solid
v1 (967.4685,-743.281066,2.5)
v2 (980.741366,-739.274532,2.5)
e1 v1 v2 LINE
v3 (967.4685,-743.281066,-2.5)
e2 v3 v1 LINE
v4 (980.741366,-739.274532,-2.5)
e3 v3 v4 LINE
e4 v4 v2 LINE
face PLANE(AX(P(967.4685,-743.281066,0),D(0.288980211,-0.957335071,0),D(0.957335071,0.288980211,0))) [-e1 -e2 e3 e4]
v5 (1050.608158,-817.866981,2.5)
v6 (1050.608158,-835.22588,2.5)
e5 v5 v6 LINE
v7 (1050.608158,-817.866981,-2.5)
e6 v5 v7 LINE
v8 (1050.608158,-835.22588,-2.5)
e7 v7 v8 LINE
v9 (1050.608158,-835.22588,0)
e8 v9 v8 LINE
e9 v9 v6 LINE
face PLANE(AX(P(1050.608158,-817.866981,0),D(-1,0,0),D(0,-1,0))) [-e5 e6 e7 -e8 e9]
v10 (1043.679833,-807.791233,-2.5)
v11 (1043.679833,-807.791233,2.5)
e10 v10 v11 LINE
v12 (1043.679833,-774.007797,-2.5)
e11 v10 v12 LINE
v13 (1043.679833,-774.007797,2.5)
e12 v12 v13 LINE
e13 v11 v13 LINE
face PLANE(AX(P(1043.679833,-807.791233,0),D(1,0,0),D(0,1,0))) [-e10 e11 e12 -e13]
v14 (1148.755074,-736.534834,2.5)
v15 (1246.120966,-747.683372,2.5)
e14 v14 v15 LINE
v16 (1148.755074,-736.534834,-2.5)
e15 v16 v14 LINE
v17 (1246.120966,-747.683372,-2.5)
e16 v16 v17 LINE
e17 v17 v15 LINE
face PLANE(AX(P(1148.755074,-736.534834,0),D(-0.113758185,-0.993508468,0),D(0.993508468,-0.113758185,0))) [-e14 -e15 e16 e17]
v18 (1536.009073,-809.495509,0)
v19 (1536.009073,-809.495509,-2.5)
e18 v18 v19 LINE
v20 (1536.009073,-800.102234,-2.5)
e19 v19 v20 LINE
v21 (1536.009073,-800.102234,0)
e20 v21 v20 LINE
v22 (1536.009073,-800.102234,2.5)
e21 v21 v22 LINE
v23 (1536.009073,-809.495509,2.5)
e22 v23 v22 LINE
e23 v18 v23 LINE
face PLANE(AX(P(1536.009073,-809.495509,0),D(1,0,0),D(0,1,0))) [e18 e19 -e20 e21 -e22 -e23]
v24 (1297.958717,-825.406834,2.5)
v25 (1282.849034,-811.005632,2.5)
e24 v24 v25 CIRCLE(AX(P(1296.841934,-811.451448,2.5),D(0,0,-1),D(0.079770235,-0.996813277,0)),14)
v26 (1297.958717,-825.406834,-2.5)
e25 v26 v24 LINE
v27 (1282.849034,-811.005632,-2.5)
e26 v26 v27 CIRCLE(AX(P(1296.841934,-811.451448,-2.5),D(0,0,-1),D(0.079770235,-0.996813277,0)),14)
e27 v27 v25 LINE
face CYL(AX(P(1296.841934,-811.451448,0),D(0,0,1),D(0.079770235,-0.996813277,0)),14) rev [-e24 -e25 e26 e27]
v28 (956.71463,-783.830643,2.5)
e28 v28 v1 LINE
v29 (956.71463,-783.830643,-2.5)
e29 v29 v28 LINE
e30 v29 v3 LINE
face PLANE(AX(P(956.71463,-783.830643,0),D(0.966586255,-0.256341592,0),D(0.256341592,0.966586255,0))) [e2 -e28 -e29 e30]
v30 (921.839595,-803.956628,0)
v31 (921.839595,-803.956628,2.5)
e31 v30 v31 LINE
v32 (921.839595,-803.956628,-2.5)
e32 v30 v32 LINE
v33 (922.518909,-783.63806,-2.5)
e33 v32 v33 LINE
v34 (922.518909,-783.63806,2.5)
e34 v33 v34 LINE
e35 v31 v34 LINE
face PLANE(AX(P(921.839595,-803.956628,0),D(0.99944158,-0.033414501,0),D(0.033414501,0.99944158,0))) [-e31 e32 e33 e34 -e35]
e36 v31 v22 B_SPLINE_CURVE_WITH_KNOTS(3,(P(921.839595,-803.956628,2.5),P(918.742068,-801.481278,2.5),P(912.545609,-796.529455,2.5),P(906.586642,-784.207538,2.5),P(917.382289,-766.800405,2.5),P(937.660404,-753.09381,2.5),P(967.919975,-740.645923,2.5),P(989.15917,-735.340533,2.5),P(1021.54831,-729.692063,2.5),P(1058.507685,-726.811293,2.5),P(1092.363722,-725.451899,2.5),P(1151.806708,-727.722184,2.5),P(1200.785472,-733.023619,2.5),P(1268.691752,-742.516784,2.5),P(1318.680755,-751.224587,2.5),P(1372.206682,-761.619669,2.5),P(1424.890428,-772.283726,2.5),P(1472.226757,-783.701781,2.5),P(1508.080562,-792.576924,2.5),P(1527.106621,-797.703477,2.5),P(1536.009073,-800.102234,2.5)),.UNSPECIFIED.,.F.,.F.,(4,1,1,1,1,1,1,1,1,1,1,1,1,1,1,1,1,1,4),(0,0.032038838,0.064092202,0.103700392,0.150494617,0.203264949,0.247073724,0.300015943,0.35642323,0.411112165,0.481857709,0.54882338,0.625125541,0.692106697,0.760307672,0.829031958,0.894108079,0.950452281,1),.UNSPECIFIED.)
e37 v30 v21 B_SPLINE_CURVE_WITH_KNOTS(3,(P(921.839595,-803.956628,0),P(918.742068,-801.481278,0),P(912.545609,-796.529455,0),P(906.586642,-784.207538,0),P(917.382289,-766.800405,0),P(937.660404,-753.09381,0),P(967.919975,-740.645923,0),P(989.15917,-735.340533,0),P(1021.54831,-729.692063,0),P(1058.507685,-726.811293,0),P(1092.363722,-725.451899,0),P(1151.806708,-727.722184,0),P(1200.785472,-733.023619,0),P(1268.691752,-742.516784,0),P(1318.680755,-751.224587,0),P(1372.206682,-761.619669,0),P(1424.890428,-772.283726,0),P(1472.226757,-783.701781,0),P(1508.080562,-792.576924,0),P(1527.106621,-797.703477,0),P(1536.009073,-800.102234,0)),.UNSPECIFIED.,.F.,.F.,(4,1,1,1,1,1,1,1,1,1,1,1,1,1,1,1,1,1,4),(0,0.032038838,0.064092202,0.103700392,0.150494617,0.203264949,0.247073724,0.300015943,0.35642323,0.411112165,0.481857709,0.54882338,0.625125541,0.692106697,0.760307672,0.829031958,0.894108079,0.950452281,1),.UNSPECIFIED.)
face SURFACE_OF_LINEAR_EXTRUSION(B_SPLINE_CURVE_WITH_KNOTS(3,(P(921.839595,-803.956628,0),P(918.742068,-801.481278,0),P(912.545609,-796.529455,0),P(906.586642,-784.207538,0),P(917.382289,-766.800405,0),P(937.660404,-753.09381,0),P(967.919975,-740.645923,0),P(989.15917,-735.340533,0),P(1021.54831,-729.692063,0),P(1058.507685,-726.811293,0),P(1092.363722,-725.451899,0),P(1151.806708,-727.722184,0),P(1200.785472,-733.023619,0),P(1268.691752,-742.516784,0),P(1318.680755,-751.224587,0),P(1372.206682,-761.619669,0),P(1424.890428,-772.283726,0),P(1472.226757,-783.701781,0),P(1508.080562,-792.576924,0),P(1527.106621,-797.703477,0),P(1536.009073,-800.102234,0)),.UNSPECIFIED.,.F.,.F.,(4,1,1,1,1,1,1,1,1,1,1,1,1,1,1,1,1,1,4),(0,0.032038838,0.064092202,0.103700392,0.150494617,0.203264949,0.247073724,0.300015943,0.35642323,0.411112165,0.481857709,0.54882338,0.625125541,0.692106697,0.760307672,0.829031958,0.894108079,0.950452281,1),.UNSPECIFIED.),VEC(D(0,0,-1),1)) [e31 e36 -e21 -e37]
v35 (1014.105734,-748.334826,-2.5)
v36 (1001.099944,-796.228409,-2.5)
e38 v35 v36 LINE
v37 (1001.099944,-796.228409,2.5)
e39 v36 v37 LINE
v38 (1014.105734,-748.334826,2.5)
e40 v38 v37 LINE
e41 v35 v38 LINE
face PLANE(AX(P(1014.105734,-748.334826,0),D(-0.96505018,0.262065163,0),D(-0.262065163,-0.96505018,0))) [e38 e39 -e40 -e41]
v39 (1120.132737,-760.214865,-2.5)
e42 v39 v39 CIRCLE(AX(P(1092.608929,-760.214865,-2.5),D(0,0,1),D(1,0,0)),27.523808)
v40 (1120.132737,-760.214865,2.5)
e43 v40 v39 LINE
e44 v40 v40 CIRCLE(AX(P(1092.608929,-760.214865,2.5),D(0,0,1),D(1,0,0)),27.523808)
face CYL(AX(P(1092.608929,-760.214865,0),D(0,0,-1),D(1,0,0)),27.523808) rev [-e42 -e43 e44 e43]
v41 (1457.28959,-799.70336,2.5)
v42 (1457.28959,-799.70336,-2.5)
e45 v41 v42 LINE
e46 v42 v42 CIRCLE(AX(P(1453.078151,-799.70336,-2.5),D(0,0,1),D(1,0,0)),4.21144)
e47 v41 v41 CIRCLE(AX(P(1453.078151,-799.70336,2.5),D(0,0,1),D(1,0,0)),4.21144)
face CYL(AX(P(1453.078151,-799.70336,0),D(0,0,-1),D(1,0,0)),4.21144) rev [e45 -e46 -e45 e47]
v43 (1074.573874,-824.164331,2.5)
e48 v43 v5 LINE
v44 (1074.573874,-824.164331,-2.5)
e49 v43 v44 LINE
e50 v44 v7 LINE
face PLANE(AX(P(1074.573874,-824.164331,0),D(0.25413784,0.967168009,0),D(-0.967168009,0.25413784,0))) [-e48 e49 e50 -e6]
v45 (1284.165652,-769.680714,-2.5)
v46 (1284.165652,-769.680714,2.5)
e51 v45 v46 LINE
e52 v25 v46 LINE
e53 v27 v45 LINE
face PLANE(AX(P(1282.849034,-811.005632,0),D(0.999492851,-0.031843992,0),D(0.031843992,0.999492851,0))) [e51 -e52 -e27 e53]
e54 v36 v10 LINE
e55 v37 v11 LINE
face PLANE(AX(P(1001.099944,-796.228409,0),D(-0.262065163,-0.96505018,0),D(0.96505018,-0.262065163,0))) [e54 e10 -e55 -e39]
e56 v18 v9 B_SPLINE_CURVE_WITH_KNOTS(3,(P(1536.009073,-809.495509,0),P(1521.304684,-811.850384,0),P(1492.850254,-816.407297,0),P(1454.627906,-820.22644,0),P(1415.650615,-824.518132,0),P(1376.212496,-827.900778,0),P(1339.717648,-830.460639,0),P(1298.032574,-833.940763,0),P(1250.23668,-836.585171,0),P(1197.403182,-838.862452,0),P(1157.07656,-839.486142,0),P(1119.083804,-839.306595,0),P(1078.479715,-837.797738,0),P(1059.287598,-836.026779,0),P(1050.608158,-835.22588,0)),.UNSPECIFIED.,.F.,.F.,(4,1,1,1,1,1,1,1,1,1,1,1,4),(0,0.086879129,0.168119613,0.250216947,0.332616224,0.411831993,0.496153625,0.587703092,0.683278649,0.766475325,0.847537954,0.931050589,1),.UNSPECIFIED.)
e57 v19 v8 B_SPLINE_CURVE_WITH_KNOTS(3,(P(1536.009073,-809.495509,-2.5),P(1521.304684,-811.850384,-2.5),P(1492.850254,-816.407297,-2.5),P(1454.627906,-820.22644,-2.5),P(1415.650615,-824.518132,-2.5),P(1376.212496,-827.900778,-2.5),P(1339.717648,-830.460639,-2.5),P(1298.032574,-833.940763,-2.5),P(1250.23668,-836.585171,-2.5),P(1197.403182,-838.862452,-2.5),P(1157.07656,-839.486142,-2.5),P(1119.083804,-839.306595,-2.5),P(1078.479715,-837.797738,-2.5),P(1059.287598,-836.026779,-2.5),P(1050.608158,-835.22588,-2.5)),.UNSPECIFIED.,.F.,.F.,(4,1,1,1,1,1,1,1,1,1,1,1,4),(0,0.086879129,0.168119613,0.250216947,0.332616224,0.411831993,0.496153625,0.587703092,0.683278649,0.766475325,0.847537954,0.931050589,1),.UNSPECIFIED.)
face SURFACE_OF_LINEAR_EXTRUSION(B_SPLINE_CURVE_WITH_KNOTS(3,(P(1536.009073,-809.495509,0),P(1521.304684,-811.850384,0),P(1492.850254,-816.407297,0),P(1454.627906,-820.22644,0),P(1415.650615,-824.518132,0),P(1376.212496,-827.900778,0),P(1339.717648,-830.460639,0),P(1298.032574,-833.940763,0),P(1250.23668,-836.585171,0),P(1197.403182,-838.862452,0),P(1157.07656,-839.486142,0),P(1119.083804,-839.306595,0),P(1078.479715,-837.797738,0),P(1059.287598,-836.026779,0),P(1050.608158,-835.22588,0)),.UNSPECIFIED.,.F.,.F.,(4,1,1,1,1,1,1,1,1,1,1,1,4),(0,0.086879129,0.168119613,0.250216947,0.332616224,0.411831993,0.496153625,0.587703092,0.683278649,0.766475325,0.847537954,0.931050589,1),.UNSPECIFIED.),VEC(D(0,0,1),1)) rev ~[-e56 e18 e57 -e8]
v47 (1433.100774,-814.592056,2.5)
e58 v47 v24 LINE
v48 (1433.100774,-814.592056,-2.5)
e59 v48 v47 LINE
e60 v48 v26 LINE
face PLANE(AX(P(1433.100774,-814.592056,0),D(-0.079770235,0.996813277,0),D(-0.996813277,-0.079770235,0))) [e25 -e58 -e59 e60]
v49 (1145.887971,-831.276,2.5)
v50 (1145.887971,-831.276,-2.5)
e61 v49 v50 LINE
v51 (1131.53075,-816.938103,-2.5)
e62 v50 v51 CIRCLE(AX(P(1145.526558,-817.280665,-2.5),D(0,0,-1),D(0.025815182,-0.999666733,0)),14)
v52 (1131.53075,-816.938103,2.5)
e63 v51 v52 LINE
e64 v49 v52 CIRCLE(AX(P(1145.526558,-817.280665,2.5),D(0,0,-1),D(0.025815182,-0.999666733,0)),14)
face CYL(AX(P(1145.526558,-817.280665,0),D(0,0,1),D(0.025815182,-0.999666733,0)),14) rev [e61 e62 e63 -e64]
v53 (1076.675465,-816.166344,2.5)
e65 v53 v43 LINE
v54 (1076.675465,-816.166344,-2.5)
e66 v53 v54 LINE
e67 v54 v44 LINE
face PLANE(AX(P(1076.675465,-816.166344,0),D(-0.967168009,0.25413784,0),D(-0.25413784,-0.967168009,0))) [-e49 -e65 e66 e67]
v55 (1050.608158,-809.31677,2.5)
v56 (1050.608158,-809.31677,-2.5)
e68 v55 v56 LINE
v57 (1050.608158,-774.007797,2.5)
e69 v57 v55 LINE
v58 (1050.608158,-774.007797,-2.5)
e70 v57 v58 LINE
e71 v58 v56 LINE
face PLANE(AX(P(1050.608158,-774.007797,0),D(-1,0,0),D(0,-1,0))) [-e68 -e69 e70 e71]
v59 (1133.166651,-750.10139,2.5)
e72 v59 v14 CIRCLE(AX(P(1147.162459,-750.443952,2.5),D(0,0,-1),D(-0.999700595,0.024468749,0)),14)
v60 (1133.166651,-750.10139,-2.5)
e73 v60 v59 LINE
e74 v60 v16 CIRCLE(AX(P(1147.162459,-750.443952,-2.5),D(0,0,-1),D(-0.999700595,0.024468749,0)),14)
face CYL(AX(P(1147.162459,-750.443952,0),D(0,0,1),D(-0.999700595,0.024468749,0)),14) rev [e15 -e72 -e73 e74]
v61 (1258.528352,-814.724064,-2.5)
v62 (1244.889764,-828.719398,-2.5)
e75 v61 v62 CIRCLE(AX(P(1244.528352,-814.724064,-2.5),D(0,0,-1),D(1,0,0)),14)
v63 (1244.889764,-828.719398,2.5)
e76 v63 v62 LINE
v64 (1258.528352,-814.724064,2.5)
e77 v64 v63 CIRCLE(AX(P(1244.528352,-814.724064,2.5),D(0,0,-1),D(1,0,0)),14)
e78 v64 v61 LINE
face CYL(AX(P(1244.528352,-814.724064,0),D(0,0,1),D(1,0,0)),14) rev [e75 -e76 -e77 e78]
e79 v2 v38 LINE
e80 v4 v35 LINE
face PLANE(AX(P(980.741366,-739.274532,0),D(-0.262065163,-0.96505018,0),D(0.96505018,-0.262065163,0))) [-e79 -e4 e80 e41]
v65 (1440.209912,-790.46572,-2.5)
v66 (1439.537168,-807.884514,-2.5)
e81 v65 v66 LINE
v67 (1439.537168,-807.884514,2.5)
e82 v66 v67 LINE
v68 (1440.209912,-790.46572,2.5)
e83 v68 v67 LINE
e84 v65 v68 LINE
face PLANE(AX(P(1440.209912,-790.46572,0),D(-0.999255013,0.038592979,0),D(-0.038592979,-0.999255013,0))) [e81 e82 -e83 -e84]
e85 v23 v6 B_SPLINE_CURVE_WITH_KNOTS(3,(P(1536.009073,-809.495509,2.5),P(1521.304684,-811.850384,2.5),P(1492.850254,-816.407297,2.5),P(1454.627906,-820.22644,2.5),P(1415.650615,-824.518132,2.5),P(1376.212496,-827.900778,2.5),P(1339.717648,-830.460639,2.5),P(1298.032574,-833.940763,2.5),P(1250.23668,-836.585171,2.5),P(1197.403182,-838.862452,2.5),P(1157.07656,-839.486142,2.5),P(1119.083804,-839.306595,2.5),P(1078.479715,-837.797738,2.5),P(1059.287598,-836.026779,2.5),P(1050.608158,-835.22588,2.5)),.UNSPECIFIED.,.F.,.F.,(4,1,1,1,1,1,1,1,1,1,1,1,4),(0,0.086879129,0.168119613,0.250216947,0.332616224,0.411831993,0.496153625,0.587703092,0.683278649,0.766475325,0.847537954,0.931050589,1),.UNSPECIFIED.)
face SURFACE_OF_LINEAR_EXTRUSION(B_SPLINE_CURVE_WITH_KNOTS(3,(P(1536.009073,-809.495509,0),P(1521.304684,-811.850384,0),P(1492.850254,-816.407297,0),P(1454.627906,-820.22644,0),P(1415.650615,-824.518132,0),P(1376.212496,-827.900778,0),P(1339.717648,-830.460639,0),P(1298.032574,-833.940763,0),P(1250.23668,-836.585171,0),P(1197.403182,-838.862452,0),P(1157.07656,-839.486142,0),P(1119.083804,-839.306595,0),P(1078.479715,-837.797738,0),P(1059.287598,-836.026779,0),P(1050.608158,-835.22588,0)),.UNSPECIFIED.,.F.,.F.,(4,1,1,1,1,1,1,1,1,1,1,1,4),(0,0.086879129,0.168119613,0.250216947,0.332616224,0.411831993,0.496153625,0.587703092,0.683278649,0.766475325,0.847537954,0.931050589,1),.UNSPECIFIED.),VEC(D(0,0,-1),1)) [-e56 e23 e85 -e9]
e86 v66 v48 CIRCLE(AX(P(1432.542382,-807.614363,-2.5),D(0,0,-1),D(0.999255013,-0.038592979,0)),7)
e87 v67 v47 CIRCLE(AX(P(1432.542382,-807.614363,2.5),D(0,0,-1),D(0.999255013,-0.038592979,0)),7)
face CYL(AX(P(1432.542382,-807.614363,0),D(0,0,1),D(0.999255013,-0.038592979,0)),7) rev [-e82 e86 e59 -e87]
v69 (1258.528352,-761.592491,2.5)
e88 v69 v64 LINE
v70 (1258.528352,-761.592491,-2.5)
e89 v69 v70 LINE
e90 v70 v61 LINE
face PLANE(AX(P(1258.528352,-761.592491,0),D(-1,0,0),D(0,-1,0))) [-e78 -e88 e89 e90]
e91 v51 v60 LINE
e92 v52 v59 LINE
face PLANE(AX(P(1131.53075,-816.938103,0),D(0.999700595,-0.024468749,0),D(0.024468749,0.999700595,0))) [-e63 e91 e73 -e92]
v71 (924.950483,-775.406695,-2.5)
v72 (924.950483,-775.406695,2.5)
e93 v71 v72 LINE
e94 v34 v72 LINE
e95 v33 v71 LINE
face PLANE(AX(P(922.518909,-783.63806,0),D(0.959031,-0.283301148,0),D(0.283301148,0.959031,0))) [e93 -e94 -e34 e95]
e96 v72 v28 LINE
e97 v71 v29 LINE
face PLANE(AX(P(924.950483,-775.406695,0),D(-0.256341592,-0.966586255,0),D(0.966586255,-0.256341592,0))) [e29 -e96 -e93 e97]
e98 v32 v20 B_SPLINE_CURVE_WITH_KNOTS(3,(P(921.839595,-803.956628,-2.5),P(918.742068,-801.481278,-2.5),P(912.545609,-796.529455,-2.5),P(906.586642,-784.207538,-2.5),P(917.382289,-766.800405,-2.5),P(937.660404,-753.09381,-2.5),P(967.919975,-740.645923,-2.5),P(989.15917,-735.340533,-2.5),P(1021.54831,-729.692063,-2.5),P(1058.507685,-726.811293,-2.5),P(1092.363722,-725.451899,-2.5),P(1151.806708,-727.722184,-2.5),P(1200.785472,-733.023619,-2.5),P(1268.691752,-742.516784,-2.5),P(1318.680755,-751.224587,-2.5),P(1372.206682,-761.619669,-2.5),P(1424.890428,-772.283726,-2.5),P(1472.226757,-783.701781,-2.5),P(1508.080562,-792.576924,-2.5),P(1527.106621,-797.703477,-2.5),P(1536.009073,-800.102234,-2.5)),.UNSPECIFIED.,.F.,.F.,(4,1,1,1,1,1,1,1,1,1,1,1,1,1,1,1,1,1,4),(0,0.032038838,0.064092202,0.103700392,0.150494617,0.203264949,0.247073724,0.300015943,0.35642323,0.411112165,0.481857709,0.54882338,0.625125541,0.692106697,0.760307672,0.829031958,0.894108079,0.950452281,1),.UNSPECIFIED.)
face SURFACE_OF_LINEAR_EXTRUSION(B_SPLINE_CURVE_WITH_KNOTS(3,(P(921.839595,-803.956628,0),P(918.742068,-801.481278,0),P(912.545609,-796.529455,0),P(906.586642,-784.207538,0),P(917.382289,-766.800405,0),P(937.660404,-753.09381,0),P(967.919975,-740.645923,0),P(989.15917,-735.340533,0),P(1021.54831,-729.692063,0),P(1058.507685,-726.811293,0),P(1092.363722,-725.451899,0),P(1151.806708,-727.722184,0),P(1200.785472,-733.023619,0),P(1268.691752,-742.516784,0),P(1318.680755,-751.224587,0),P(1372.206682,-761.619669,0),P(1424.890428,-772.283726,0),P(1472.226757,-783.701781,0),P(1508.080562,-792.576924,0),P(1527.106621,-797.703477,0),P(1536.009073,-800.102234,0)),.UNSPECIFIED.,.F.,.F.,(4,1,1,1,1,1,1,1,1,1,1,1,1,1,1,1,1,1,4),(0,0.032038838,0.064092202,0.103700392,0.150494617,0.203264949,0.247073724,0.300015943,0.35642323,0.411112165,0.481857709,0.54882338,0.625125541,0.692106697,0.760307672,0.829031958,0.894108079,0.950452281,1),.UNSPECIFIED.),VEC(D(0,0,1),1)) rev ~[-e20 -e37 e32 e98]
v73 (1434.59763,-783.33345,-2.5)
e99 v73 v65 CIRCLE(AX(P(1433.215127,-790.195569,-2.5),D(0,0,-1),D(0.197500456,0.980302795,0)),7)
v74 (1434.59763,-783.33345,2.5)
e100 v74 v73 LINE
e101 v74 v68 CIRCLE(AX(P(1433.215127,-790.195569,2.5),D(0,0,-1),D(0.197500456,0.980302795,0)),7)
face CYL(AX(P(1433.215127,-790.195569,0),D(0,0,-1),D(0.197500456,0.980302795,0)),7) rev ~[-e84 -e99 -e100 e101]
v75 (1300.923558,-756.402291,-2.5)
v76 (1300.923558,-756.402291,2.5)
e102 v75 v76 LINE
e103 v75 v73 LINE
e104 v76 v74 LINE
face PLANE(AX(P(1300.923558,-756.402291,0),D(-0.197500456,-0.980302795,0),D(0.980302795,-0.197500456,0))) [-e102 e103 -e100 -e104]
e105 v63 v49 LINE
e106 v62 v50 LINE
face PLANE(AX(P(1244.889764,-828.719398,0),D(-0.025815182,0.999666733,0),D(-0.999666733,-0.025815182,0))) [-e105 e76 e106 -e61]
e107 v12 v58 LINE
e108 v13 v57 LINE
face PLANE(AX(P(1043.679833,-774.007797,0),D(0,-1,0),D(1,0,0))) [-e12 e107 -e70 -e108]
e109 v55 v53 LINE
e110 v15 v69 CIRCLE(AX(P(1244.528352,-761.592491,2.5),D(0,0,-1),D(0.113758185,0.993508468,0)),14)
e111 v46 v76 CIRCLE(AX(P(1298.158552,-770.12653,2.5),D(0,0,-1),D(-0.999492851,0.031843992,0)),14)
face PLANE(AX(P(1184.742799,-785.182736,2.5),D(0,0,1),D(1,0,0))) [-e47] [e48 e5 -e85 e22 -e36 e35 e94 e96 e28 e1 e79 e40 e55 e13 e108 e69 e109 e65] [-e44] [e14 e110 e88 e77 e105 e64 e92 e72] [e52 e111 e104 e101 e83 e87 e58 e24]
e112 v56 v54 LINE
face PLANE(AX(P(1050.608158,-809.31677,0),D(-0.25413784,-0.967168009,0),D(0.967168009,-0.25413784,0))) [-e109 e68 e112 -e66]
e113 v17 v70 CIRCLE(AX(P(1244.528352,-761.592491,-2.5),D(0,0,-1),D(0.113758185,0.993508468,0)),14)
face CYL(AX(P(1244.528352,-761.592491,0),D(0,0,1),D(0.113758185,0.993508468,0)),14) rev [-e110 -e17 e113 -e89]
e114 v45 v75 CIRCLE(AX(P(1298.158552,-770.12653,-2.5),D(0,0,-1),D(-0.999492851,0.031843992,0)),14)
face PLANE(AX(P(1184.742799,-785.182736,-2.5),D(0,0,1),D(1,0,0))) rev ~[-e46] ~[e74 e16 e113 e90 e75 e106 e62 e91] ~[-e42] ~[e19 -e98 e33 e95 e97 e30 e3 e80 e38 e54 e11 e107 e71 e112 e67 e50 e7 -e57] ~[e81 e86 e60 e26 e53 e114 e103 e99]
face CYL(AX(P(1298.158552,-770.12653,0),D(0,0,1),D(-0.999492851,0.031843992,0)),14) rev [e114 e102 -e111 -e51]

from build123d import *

# Parameters (mm, degrees)
F0_R     = 27.5238078993
F0_R_2   = 4.211439544
F1_DEPTH = 2.5


with BuildPart() as f1:
    # F0 (on Top) → F1 (new body, symmetric)
    with BuildSketch(Plane.XY):
        with BuildLine():
            Line((921.839594841, -803.9566278458), (922.5189089775, -783.6380600929))
            Line((922.5189089775, -783.6380600929), (924.9504833013, -775.4066950965))
            Line((924.9504833013, -775.4066950965), (956.714630127, -783.8306427002))
            Line((956.714630127, -783.8306427002), (967.4685001373, -743.2810664177))
            Line((967.4685001373, -743.2810664177), (980.7413664135, -739.274532222))
            Line((980.7413664135, -739.274532222), (1014.1057336456, -748.3348261978))
            Line((1014.1057336456, -748.3348261978), (1001.0999441147, -796.2284088135))
            Line((1001.0999441147, -796.2284088135), (1043.6798334122, -807.7912330627))
            Line((1043.6798334122, -807.7912330627), (1043.6798334122, -774.0077972412))
            Line((1043.6798334122, -774.0077972412), (1050.6081581116, -774.0077972412))
            Line((1050.6081581116, -774.0077972412), (1050.6081581116, -809.3167699515))
            Line((1050.6081581116, -809.3167699515), (1076.6754649612, -816.1663441717))
            Line((1076.6754649612, -816.1663441717), (1074.5738744736, -824.1643309593))
            Line((1074.5738744736, -824.1643309593), (1050.6081581116, -817.8669810295))
            Line((1050.6081581116, -817.8669810295), (1050.6081581116, -835.225880146))
            add(Edge.make_bspline(
                [(1536.0090732574, -809.4955086708), (1521.3046844804, -811.8503837841), (1492.8502540195, -816.4072974491), (1454.6279057321, -820.2264400729), (1415.6506154441, -824.5181321075), (1376.2124960082, -827.9007783413), (1339.717648442, -830.4606385398), (1298.0325739606, -833.9407627091), (1250.2366801459, -836.5851712655), (1197.4031822152, -838.8624524979), (1157.0765596937, -839.486141606), (1119.0838044783, -839.3065951278), (1078.4797154043, -837.7977380588), (1059.2875980931, -836.0267785731), (1050.6081581116, -835.225880146)],
                knots=[0, 0, 0, 0, 0.0868791295, 0.1681196129, 0.2502169473, 0.332616224, 0.411831993, 0.4961536248, 0.5877030917, 0.6832786493, 0.7664753253, 0.8475379541, 0.9310505894, 1, 1, 1, 1], degree=3))
            Line((1536.0090732574, -809.4955086708), (1536.0090732574, -800.1022338867))
            add(Edge.make_bspline(
                [(921.839594841, -803.9566278458), (918.7420678015, -801.4812777869), (912.5456093102, -796.5294553506), (906.586641718, -784.2075381309), (917.3822889539, -766.8004053339), (937.6604036264, -753.0938100764), (967.9199751984, -740.6459234387), (989.1591698116, -735.3405331043), (1021.5483100757, -729.6920633674), (1058.5076848806, -726.8112930884), (1092.3637220014, -725.4518994266), (1151.8067081715, -727.7221836053), (1200.7854715849, -733.0236190033), (1268.6917522008, -742.5167838056), (1318.6807545732, -751.2245868002), (1372.2066821508, -761.6196689629), (1424.8904283993, -772.2837256302), (1472.2267571656, -783.7017807514), (1508.0805616247, -792.5769240103), (1527.1066205316, -797.7034767921), (1536.0090732574, -800.1022338867)],
                knots=[0, 0, 0, 0, 0.0320388376, 0.0640922016, 0.1037003915, 0.1504946168, 0.2032649495, 0.2470737236, 0.3000159432, 0.3564232303, 0.4111121651, 0.4818577086, 0.5488233801, 0.625125541, 0.6921066972, 0.7603076724, 0.8290319583, 0.8941080788, 0.9504522809, 1, 1, 1, 1], degree=3))
        make_face()
        with BuildLine():
            Line((1131.5307500475, -816.9381027959), (1133.1666506269, -750.1013899632))
            ThreePointArc((1133.1666506269, -750.1013899632), (1137.9715577765, -739.8833021252), (1148.7550735474, -736.5348339081))
            Line((1148.7550735474, -736.5348339081), (1246.1209663697, -747.6833722246))
            ThreePointArc((1246.1209663697, -747.6833722246), (1254.975758261, -752.2730649373), (1258.5283517838, -761.5924907725))
            Line((1258.5283517838, -761.5924907725), (1258.5283517838, -814.7240639827))
            ThreePointArc((1258.5283517838, -814.7240639827), (1254.5548111686, -824.4949448133), (1244.889764326, -828.7193982401))
            Line((1244.889764326, -828.7193982401), (1145.8879709244, -831.2759995461))
            ThreePointArc((1145.8879709244, -831.2759995461), (1135.6337322965, -827.1868245868), (1131.5307500475, -816.9381027959))
        make_face(mode=Mode.SUBTRACT)
        with Locations((1092.6089286804, -760.2148652077)):
            Circle(F0_R, mode=Mode.SUBTRACT)
        with BuildLine():
            Line((1282.8490338689, -811.0056319639), (1284.1656519477, -769.6807142934))
            ThreePointArc((1284.1656519477, -769.6807142934), (1289.4639829167, -759.1536330859), (1300.9235582504, -756.4022910545))
            Line((1300.9235582504, -756.4022910545), (1434.5976299949, -783.3334497126))
            ThreePointArc((1434.5976299949, -783.3334497126), (1438.7162230665, -785.8668350621), (1440.2099118982, -790.4657201327))
            Line((1440.2099118982, -790.4657201327), (1439.5371675491, -807.8845143318))
            ThreePointArc((1439.5371675491, -807.8845143318), (1437.5931645642, -812.4609705461), (1433.1007740985, -814.5920564174))
            Line((1433.1007740985, -814.5920564174), (1297.958717077, -825.4068337364))
            ThreePointArc((1297.958717077, -825.4068337364), (1287.1828837322, -821.5856844812), (1282.8490338689, -811.0056319639))
        make_face(mode=Mode.SUBTRACT)
        with Locations((1453.0781507492, -799.7033596039)):
            Circle(F0_R_2, mode=Mode.SUBTRACT)
    extrude(amount=F1_DEPTH, both=True)


solid = f1.part
